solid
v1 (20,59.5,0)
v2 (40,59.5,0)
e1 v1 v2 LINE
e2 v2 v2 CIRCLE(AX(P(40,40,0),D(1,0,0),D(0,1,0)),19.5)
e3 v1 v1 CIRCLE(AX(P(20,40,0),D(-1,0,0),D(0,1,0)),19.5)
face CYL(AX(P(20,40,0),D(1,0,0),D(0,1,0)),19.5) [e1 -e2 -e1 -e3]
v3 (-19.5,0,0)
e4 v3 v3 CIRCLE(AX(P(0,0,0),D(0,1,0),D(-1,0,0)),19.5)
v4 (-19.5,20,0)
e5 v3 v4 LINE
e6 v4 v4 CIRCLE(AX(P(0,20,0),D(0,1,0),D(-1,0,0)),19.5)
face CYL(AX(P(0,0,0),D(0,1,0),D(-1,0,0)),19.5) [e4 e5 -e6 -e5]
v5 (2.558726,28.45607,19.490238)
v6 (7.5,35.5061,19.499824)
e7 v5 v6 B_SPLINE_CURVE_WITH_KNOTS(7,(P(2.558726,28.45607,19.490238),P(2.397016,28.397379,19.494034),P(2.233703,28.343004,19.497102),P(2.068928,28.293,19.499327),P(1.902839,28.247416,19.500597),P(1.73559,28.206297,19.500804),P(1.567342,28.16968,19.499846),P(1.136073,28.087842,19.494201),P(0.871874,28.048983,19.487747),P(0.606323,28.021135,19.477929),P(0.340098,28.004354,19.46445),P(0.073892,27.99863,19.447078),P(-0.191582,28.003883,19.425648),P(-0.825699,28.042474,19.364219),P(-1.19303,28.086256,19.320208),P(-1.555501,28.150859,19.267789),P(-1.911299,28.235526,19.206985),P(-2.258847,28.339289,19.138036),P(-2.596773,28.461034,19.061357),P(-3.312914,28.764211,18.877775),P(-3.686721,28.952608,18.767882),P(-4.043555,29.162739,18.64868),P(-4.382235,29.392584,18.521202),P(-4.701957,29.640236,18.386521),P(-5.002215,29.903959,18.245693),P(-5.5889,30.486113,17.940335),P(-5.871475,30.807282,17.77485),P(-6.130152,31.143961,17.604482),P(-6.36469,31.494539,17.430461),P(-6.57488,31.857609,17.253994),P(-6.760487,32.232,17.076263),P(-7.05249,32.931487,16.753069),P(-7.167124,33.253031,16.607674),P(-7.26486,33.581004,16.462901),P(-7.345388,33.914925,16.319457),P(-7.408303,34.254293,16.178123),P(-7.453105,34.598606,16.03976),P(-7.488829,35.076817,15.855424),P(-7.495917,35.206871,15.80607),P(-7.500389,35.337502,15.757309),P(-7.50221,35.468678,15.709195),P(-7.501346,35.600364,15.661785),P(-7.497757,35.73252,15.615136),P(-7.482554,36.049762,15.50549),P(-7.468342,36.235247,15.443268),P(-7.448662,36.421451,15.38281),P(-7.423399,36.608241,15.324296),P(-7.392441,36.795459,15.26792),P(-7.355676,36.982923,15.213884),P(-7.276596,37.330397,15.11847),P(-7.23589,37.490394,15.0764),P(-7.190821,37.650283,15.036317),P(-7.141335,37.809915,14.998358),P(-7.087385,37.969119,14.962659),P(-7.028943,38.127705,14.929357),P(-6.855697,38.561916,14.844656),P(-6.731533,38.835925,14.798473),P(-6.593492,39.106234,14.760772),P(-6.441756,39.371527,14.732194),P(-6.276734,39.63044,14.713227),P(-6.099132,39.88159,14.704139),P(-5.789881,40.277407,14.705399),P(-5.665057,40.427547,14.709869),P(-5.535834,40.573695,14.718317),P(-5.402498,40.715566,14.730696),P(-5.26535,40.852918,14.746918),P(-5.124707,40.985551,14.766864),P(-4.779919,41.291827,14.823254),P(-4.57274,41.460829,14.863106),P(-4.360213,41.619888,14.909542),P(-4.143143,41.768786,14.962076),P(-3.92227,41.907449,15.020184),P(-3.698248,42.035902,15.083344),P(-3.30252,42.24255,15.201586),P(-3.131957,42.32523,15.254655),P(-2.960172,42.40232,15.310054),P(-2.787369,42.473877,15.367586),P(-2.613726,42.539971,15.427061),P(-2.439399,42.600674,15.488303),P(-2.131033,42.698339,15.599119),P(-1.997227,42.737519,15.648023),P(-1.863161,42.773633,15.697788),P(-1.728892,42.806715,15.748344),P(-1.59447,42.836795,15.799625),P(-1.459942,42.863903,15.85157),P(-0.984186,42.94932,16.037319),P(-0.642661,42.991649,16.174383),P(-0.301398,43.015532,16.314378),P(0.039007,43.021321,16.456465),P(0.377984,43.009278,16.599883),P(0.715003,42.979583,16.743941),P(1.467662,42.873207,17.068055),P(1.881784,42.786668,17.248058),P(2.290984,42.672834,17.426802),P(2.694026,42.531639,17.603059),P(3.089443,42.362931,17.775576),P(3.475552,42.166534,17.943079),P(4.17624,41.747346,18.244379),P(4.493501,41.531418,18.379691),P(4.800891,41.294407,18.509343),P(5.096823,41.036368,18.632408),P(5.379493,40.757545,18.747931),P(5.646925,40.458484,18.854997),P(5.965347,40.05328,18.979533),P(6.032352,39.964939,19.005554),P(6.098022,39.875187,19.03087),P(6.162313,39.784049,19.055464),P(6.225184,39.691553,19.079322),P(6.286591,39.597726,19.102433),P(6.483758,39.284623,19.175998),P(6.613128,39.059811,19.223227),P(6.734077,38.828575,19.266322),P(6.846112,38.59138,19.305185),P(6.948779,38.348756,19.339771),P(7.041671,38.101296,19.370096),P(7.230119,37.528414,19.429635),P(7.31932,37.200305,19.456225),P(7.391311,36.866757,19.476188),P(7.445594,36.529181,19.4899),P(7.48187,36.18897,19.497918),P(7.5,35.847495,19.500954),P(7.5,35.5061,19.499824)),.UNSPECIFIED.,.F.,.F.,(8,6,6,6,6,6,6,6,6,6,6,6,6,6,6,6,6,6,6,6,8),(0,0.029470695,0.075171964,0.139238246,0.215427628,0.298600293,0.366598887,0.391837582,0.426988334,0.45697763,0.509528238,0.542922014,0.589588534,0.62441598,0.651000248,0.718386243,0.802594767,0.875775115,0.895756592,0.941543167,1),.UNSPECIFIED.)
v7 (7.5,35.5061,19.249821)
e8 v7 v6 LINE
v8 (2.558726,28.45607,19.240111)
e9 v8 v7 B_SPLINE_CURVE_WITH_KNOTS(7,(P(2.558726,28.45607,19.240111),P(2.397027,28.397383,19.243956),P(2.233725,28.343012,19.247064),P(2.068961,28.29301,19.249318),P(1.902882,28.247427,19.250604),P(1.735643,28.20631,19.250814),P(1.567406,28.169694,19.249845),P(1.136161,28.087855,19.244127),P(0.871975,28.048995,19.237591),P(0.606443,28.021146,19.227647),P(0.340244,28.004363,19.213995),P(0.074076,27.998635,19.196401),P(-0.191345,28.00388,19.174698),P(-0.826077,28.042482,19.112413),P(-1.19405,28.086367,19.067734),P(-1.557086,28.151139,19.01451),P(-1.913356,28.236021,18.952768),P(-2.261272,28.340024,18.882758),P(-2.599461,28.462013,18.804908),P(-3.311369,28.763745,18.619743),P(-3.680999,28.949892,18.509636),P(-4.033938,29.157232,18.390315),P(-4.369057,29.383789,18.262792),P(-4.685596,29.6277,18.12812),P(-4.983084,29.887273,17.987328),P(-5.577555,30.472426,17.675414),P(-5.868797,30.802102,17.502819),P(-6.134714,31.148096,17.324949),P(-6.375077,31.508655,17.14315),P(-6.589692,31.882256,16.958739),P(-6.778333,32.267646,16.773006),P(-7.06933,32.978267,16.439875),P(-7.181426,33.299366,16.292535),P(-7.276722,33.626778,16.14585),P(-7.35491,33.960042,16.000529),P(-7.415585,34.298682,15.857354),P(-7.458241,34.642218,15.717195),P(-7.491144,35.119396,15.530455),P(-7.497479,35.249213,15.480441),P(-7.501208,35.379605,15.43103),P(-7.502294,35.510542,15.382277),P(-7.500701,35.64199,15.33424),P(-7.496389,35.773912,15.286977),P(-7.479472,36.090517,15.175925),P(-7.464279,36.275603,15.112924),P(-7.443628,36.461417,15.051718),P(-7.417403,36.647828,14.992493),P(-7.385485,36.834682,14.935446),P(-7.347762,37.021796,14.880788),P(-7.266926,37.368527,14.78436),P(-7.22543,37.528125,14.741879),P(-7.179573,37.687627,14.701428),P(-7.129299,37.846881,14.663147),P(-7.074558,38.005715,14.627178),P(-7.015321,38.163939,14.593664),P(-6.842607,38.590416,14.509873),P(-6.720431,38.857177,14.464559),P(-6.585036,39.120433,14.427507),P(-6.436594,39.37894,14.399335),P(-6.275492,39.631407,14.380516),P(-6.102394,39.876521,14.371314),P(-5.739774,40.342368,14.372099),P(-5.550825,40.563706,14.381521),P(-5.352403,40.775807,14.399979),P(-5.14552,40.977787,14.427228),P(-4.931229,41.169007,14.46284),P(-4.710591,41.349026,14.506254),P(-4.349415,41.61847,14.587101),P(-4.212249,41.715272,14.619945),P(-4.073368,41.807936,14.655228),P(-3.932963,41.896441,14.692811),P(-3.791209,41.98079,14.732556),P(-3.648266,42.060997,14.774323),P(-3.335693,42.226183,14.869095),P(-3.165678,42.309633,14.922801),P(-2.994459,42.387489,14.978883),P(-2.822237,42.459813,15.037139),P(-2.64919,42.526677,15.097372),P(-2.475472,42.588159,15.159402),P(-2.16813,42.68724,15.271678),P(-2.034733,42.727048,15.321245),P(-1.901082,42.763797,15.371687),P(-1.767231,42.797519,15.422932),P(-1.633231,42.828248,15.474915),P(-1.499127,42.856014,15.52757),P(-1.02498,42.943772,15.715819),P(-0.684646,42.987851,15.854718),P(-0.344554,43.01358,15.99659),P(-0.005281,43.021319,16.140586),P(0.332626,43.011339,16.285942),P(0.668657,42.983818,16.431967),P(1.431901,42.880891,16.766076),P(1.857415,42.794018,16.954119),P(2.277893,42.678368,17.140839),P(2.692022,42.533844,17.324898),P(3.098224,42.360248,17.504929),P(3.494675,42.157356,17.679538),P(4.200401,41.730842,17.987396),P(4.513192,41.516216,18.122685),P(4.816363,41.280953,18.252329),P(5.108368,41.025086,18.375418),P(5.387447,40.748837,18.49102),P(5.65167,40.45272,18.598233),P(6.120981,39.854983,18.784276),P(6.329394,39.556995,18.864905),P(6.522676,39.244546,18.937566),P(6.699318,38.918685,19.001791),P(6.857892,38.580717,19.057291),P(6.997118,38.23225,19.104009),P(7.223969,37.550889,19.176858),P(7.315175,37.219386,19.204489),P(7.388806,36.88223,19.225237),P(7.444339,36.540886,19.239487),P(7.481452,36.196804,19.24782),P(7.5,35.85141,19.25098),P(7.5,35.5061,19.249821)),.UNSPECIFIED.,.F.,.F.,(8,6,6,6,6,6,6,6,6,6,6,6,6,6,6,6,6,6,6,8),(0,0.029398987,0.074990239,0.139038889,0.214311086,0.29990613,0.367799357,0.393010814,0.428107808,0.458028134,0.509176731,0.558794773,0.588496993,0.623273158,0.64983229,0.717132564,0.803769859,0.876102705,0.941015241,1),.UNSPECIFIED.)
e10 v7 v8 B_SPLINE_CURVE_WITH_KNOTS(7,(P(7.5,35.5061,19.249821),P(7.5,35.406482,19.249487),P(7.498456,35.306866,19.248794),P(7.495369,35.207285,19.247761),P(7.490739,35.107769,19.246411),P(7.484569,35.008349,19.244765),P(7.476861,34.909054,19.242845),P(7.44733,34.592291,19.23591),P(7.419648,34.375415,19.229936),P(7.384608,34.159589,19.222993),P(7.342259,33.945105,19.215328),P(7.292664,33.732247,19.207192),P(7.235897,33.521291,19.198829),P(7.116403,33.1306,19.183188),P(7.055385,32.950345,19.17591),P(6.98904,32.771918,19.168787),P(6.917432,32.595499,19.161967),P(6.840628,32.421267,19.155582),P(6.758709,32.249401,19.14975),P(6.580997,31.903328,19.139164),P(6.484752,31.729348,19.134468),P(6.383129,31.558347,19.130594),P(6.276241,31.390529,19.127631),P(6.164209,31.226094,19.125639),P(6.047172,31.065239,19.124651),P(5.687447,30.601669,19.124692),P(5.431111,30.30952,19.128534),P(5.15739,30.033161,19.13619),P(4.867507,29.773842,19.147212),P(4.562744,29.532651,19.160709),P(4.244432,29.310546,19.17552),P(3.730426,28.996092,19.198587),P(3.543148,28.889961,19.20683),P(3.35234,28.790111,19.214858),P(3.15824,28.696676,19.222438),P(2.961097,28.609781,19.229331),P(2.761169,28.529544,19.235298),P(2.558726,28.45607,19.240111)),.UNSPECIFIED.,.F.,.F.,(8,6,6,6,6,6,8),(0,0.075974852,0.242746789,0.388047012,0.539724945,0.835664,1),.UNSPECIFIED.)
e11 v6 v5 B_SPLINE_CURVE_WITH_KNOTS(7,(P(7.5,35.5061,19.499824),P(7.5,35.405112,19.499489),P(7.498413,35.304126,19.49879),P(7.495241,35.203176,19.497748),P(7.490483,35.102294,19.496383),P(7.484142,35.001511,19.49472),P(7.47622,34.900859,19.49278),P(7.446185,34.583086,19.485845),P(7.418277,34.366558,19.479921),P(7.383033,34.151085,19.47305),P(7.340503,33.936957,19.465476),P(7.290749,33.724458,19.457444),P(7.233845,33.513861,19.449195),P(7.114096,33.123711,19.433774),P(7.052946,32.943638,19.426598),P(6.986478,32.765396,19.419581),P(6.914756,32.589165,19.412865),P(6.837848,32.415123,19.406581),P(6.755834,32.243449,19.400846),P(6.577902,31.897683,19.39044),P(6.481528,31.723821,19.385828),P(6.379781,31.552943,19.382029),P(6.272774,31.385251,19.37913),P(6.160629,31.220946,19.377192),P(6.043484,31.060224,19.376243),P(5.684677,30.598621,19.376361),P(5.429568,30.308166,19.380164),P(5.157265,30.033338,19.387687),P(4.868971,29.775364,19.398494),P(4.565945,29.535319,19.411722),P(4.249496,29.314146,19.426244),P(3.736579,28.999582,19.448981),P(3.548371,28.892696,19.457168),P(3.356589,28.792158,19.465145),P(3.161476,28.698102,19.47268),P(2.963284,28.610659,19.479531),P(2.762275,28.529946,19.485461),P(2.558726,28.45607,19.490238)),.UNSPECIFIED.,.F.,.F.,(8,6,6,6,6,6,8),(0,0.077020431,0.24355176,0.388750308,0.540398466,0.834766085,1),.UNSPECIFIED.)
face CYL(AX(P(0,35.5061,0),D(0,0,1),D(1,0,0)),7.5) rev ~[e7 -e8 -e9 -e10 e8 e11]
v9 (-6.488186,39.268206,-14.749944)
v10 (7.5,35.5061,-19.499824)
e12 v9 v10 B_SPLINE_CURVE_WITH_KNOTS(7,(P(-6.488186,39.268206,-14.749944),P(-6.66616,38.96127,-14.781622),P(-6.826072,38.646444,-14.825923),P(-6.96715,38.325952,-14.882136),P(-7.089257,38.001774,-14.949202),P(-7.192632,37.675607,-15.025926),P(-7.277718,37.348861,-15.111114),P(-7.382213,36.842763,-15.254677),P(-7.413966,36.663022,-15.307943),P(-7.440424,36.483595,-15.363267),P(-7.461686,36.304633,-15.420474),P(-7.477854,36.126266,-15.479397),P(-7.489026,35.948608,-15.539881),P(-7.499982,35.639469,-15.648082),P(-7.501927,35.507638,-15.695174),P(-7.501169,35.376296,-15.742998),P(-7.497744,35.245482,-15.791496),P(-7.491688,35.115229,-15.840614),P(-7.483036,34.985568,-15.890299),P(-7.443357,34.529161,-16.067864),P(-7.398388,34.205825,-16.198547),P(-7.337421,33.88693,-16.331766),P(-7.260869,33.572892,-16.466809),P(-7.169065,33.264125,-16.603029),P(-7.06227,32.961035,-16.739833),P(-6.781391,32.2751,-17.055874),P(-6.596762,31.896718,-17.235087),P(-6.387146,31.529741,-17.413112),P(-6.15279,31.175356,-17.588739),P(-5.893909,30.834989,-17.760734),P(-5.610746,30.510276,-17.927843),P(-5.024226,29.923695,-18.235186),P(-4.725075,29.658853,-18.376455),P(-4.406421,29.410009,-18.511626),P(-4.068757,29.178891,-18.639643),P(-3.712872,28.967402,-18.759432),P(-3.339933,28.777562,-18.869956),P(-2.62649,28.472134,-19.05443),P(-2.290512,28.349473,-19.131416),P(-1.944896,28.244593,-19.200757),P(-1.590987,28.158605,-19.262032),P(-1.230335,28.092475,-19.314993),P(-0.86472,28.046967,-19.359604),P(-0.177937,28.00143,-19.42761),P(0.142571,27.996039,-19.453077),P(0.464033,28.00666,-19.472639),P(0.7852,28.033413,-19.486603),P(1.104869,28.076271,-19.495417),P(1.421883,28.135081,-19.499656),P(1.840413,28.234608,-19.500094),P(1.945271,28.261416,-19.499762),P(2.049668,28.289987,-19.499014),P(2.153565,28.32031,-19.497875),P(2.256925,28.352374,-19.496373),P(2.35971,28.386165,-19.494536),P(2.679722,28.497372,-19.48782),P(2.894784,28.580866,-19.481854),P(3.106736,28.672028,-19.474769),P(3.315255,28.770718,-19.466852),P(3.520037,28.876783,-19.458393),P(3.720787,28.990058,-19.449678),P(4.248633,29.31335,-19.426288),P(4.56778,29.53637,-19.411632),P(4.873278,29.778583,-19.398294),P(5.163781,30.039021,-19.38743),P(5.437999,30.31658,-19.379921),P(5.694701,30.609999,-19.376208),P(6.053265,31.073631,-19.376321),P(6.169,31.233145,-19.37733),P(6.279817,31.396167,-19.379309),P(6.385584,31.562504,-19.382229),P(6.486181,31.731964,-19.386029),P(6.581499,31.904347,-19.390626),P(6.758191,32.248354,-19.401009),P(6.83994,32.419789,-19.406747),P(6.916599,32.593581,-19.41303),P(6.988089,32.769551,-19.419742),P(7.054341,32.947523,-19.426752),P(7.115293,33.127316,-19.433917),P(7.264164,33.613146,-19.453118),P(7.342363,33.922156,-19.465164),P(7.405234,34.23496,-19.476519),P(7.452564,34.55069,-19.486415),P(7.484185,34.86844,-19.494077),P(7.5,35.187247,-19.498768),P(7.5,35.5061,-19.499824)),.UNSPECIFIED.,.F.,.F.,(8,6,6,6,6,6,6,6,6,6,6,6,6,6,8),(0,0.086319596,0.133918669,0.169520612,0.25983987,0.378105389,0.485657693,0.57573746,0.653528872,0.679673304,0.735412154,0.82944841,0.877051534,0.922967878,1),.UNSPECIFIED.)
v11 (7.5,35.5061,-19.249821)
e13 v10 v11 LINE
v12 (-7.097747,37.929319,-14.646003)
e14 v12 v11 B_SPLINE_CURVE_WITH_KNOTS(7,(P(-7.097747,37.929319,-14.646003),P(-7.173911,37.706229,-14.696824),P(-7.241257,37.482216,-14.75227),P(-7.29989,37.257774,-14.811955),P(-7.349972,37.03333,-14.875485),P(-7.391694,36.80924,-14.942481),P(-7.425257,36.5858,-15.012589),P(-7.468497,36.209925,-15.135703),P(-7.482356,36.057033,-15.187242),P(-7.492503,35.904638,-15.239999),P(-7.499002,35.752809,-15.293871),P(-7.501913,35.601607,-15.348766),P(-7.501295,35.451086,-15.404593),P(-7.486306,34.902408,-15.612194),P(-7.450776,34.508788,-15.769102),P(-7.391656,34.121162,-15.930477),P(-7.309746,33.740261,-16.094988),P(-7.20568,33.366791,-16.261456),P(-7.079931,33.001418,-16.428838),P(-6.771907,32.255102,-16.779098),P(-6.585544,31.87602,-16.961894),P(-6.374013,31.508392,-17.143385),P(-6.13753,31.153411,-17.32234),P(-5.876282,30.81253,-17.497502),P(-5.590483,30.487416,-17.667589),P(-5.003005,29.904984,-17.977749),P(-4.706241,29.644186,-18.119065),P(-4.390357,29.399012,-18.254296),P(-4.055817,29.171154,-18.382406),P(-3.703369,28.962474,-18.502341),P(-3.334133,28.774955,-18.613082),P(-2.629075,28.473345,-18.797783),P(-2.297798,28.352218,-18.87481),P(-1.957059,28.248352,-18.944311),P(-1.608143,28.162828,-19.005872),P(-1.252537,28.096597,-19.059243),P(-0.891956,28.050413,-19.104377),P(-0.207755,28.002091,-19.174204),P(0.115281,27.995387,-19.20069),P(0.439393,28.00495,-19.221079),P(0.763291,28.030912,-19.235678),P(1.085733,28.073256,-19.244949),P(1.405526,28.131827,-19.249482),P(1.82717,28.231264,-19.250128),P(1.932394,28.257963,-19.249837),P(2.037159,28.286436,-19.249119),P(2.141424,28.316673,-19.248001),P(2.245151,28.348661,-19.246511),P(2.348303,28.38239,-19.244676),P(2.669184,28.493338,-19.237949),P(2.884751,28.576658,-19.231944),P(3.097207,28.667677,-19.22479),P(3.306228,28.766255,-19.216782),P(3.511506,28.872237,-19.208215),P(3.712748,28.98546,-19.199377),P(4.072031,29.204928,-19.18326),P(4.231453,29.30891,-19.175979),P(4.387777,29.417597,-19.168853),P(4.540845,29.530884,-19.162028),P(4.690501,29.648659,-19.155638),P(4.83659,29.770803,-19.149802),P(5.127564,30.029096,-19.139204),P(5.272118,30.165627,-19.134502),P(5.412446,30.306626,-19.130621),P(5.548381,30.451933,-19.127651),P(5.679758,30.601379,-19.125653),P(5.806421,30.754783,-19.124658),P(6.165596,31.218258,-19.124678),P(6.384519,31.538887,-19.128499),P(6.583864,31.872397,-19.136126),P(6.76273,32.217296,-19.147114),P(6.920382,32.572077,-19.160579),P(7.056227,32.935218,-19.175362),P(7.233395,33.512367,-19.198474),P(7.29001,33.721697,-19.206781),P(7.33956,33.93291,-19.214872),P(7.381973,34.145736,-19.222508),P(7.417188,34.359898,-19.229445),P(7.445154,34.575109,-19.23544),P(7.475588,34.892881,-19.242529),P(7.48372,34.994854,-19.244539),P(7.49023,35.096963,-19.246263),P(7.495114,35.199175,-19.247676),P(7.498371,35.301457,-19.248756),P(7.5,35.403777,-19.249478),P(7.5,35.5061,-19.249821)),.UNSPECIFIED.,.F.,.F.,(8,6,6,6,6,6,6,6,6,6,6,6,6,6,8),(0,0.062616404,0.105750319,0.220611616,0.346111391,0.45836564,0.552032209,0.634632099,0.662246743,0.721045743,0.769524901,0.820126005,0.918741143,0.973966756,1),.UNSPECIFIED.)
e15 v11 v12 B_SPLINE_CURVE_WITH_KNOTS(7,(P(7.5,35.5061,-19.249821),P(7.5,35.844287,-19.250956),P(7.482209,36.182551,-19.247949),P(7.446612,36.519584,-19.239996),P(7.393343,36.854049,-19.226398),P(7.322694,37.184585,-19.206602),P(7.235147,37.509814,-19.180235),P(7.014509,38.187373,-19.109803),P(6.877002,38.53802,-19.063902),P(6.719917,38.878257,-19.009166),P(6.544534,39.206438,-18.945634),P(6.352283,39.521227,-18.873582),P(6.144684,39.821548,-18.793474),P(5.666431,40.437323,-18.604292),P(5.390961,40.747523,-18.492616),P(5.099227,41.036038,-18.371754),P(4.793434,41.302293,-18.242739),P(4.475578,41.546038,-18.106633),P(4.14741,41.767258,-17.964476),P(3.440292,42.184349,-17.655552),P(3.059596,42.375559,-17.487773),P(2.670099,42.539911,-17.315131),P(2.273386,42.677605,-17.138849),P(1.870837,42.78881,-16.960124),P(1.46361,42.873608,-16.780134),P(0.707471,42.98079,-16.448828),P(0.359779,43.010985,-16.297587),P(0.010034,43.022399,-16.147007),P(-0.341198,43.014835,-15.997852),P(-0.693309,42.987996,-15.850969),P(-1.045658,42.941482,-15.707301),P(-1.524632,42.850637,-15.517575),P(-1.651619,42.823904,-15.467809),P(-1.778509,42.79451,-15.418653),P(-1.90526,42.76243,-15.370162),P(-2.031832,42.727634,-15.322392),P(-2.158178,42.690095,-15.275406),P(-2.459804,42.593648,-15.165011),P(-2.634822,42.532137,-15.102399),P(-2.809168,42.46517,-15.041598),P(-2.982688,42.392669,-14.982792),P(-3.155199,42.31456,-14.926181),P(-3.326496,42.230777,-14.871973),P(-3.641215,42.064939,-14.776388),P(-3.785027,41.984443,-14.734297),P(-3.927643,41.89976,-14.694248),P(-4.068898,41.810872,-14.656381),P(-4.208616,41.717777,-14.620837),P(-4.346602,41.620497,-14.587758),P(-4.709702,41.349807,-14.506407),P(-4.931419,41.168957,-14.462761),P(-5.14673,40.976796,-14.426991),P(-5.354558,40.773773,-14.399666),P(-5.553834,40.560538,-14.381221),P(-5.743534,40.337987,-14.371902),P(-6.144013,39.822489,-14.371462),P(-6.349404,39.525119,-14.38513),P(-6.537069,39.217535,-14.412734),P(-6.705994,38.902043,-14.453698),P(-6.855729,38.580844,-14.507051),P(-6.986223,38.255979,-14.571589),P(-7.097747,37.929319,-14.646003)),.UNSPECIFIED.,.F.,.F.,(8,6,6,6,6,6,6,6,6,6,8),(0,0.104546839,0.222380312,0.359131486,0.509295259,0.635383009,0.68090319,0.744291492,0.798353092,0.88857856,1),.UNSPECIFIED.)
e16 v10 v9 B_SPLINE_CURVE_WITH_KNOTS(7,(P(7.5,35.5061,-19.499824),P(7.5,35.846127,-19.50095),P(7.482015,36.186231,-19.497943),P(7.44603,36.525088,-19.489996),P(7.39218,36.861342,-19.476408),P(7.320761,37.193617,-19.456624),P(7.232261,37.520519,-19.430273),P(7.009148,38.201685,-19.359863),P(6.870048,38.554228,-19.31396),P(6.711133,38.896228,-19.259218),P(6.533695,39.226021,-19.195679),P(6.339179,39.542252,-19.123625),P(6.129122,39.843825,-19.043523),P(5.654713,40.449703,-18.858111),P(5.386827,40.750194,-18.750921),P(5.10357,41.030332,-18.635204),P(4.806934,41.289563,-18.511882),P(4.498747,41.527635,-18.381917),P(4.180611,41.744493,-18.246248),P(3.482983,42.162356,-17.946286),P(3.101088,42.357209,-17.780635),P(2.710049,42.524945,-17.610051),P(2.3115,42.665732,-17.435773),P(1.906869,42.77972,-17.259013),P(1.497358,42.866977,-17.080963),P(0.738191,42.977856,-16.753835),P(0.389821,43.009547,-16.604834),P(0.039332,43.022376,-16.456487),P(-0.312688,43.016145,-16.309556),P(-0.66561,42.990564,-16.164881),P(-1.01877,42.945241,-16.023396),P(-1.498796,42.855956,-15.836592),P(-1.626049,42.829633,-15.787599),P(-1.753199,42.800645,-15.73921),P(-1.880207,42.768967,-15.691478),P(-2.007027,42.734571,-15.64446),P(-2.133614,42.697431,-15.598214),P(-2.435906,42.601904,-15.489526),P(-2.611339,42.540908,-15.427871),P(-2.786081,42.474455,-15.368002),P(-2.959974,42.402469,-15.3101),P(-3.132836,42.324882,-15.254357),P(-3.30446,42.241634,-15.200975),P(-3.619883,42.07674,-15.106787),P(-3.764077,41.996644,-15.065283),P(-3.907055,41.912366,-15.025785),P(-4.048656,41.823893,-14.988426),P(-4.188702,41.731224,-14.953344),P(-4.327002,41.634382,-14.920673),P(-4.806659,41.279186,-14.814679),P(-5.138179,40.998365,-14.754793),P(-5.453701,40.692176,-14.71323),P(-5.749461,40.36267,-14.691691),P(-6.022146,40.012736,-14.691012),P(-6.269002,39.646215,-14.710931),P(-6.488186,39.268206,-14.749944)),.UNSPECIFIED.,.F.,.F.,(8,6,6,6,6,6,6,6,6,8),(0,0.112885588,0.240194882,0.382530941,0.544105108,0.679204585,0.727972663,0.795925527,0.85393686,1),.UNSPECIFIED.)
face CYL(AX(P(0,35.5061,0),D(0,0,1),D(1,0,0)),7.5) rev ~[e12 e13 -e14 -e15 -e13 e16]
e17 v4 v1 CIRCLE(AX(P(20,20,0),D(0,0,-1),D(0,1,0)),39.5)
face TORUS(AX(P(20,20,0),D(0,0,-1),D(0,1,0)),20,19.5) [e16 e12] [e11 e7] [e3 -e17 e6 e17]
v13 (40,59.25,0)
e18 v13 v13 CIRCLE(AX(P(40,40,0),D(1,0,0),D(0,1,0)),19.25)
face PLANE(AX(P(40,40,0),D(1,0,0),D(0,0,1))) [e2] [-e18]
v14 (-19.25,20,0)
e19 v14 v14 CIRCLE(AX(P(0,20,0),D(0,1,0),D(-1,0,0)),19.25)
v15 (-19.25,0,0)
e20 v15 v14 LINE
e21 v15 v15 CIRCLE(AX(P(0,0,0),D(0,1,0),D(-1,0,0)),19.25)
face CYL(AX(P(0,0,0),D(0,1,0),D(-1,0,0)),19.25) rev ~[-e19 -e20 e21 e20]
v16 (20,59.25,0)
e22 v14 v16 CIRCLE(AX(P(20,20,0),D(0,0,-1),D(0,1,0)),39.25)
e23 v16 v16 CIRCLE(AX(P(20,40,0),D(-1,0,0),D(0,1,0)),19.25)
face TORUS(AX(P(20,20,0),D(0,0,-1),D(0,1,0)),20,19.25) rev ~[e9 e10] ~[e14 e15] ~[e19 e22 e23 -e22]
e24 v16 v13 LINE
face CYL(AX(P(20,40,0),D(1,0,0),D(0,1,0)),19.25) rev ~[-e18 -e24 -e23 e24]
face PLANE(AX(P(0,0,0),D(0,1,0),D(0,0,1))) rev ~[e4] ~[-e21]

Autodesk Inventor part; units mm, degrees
ref_plane "YZ Plane" through (0, 0, 0) normal (1, 0, 0) x (0, 1, 0)
ref_plane "XZ Plane" through (0, 0, 0) normal (0, 1, 0) x (-1, 0, 0)
ref_plane "XY Plane" through (0, 0, 0) normal (0, 0, 1) x (1, 0, 0)
sketch "Sketch1" plane through (0, 0, 0) normal (0, 0, 1) x (1, 0, 0)
  line L0 (0, 0) -> (0, 20)
  line L1 (20, 40) -> (40, 40)
  arc A0 (20, 40) -> (0, 20) centre (20, 20) ccw
  point P0 (0, 40)
  dimension "d0" = 40
  dimension "d1" = 40
  dimension "d2" = 20
sketch "Sketch2" plane through (0, 0, 0) normal (0, 1, 0) x (-1, 0, 0)
  circle A0 centre (0, 0) radius 19.5
  circle A1 centre (0, 0) radius 19.25
  dimension "d3" = 39
  dimension "d4" = 38.5
sweep "Sweep1" add profiles "Sketch2" path "Sketch1"
sketch "Sketch4" plane through (0, 0, 0) normal (0, 0, 1) x (1, 0, 0)
  circle A0 centre (0, 35.5061) radius 7.5
  point P0 (0, 0)
  dimension "d10" = 15
extrude "Extrusion2" cut sketch "Sketch4" against normal mid plane 40
properties part number "elb"
